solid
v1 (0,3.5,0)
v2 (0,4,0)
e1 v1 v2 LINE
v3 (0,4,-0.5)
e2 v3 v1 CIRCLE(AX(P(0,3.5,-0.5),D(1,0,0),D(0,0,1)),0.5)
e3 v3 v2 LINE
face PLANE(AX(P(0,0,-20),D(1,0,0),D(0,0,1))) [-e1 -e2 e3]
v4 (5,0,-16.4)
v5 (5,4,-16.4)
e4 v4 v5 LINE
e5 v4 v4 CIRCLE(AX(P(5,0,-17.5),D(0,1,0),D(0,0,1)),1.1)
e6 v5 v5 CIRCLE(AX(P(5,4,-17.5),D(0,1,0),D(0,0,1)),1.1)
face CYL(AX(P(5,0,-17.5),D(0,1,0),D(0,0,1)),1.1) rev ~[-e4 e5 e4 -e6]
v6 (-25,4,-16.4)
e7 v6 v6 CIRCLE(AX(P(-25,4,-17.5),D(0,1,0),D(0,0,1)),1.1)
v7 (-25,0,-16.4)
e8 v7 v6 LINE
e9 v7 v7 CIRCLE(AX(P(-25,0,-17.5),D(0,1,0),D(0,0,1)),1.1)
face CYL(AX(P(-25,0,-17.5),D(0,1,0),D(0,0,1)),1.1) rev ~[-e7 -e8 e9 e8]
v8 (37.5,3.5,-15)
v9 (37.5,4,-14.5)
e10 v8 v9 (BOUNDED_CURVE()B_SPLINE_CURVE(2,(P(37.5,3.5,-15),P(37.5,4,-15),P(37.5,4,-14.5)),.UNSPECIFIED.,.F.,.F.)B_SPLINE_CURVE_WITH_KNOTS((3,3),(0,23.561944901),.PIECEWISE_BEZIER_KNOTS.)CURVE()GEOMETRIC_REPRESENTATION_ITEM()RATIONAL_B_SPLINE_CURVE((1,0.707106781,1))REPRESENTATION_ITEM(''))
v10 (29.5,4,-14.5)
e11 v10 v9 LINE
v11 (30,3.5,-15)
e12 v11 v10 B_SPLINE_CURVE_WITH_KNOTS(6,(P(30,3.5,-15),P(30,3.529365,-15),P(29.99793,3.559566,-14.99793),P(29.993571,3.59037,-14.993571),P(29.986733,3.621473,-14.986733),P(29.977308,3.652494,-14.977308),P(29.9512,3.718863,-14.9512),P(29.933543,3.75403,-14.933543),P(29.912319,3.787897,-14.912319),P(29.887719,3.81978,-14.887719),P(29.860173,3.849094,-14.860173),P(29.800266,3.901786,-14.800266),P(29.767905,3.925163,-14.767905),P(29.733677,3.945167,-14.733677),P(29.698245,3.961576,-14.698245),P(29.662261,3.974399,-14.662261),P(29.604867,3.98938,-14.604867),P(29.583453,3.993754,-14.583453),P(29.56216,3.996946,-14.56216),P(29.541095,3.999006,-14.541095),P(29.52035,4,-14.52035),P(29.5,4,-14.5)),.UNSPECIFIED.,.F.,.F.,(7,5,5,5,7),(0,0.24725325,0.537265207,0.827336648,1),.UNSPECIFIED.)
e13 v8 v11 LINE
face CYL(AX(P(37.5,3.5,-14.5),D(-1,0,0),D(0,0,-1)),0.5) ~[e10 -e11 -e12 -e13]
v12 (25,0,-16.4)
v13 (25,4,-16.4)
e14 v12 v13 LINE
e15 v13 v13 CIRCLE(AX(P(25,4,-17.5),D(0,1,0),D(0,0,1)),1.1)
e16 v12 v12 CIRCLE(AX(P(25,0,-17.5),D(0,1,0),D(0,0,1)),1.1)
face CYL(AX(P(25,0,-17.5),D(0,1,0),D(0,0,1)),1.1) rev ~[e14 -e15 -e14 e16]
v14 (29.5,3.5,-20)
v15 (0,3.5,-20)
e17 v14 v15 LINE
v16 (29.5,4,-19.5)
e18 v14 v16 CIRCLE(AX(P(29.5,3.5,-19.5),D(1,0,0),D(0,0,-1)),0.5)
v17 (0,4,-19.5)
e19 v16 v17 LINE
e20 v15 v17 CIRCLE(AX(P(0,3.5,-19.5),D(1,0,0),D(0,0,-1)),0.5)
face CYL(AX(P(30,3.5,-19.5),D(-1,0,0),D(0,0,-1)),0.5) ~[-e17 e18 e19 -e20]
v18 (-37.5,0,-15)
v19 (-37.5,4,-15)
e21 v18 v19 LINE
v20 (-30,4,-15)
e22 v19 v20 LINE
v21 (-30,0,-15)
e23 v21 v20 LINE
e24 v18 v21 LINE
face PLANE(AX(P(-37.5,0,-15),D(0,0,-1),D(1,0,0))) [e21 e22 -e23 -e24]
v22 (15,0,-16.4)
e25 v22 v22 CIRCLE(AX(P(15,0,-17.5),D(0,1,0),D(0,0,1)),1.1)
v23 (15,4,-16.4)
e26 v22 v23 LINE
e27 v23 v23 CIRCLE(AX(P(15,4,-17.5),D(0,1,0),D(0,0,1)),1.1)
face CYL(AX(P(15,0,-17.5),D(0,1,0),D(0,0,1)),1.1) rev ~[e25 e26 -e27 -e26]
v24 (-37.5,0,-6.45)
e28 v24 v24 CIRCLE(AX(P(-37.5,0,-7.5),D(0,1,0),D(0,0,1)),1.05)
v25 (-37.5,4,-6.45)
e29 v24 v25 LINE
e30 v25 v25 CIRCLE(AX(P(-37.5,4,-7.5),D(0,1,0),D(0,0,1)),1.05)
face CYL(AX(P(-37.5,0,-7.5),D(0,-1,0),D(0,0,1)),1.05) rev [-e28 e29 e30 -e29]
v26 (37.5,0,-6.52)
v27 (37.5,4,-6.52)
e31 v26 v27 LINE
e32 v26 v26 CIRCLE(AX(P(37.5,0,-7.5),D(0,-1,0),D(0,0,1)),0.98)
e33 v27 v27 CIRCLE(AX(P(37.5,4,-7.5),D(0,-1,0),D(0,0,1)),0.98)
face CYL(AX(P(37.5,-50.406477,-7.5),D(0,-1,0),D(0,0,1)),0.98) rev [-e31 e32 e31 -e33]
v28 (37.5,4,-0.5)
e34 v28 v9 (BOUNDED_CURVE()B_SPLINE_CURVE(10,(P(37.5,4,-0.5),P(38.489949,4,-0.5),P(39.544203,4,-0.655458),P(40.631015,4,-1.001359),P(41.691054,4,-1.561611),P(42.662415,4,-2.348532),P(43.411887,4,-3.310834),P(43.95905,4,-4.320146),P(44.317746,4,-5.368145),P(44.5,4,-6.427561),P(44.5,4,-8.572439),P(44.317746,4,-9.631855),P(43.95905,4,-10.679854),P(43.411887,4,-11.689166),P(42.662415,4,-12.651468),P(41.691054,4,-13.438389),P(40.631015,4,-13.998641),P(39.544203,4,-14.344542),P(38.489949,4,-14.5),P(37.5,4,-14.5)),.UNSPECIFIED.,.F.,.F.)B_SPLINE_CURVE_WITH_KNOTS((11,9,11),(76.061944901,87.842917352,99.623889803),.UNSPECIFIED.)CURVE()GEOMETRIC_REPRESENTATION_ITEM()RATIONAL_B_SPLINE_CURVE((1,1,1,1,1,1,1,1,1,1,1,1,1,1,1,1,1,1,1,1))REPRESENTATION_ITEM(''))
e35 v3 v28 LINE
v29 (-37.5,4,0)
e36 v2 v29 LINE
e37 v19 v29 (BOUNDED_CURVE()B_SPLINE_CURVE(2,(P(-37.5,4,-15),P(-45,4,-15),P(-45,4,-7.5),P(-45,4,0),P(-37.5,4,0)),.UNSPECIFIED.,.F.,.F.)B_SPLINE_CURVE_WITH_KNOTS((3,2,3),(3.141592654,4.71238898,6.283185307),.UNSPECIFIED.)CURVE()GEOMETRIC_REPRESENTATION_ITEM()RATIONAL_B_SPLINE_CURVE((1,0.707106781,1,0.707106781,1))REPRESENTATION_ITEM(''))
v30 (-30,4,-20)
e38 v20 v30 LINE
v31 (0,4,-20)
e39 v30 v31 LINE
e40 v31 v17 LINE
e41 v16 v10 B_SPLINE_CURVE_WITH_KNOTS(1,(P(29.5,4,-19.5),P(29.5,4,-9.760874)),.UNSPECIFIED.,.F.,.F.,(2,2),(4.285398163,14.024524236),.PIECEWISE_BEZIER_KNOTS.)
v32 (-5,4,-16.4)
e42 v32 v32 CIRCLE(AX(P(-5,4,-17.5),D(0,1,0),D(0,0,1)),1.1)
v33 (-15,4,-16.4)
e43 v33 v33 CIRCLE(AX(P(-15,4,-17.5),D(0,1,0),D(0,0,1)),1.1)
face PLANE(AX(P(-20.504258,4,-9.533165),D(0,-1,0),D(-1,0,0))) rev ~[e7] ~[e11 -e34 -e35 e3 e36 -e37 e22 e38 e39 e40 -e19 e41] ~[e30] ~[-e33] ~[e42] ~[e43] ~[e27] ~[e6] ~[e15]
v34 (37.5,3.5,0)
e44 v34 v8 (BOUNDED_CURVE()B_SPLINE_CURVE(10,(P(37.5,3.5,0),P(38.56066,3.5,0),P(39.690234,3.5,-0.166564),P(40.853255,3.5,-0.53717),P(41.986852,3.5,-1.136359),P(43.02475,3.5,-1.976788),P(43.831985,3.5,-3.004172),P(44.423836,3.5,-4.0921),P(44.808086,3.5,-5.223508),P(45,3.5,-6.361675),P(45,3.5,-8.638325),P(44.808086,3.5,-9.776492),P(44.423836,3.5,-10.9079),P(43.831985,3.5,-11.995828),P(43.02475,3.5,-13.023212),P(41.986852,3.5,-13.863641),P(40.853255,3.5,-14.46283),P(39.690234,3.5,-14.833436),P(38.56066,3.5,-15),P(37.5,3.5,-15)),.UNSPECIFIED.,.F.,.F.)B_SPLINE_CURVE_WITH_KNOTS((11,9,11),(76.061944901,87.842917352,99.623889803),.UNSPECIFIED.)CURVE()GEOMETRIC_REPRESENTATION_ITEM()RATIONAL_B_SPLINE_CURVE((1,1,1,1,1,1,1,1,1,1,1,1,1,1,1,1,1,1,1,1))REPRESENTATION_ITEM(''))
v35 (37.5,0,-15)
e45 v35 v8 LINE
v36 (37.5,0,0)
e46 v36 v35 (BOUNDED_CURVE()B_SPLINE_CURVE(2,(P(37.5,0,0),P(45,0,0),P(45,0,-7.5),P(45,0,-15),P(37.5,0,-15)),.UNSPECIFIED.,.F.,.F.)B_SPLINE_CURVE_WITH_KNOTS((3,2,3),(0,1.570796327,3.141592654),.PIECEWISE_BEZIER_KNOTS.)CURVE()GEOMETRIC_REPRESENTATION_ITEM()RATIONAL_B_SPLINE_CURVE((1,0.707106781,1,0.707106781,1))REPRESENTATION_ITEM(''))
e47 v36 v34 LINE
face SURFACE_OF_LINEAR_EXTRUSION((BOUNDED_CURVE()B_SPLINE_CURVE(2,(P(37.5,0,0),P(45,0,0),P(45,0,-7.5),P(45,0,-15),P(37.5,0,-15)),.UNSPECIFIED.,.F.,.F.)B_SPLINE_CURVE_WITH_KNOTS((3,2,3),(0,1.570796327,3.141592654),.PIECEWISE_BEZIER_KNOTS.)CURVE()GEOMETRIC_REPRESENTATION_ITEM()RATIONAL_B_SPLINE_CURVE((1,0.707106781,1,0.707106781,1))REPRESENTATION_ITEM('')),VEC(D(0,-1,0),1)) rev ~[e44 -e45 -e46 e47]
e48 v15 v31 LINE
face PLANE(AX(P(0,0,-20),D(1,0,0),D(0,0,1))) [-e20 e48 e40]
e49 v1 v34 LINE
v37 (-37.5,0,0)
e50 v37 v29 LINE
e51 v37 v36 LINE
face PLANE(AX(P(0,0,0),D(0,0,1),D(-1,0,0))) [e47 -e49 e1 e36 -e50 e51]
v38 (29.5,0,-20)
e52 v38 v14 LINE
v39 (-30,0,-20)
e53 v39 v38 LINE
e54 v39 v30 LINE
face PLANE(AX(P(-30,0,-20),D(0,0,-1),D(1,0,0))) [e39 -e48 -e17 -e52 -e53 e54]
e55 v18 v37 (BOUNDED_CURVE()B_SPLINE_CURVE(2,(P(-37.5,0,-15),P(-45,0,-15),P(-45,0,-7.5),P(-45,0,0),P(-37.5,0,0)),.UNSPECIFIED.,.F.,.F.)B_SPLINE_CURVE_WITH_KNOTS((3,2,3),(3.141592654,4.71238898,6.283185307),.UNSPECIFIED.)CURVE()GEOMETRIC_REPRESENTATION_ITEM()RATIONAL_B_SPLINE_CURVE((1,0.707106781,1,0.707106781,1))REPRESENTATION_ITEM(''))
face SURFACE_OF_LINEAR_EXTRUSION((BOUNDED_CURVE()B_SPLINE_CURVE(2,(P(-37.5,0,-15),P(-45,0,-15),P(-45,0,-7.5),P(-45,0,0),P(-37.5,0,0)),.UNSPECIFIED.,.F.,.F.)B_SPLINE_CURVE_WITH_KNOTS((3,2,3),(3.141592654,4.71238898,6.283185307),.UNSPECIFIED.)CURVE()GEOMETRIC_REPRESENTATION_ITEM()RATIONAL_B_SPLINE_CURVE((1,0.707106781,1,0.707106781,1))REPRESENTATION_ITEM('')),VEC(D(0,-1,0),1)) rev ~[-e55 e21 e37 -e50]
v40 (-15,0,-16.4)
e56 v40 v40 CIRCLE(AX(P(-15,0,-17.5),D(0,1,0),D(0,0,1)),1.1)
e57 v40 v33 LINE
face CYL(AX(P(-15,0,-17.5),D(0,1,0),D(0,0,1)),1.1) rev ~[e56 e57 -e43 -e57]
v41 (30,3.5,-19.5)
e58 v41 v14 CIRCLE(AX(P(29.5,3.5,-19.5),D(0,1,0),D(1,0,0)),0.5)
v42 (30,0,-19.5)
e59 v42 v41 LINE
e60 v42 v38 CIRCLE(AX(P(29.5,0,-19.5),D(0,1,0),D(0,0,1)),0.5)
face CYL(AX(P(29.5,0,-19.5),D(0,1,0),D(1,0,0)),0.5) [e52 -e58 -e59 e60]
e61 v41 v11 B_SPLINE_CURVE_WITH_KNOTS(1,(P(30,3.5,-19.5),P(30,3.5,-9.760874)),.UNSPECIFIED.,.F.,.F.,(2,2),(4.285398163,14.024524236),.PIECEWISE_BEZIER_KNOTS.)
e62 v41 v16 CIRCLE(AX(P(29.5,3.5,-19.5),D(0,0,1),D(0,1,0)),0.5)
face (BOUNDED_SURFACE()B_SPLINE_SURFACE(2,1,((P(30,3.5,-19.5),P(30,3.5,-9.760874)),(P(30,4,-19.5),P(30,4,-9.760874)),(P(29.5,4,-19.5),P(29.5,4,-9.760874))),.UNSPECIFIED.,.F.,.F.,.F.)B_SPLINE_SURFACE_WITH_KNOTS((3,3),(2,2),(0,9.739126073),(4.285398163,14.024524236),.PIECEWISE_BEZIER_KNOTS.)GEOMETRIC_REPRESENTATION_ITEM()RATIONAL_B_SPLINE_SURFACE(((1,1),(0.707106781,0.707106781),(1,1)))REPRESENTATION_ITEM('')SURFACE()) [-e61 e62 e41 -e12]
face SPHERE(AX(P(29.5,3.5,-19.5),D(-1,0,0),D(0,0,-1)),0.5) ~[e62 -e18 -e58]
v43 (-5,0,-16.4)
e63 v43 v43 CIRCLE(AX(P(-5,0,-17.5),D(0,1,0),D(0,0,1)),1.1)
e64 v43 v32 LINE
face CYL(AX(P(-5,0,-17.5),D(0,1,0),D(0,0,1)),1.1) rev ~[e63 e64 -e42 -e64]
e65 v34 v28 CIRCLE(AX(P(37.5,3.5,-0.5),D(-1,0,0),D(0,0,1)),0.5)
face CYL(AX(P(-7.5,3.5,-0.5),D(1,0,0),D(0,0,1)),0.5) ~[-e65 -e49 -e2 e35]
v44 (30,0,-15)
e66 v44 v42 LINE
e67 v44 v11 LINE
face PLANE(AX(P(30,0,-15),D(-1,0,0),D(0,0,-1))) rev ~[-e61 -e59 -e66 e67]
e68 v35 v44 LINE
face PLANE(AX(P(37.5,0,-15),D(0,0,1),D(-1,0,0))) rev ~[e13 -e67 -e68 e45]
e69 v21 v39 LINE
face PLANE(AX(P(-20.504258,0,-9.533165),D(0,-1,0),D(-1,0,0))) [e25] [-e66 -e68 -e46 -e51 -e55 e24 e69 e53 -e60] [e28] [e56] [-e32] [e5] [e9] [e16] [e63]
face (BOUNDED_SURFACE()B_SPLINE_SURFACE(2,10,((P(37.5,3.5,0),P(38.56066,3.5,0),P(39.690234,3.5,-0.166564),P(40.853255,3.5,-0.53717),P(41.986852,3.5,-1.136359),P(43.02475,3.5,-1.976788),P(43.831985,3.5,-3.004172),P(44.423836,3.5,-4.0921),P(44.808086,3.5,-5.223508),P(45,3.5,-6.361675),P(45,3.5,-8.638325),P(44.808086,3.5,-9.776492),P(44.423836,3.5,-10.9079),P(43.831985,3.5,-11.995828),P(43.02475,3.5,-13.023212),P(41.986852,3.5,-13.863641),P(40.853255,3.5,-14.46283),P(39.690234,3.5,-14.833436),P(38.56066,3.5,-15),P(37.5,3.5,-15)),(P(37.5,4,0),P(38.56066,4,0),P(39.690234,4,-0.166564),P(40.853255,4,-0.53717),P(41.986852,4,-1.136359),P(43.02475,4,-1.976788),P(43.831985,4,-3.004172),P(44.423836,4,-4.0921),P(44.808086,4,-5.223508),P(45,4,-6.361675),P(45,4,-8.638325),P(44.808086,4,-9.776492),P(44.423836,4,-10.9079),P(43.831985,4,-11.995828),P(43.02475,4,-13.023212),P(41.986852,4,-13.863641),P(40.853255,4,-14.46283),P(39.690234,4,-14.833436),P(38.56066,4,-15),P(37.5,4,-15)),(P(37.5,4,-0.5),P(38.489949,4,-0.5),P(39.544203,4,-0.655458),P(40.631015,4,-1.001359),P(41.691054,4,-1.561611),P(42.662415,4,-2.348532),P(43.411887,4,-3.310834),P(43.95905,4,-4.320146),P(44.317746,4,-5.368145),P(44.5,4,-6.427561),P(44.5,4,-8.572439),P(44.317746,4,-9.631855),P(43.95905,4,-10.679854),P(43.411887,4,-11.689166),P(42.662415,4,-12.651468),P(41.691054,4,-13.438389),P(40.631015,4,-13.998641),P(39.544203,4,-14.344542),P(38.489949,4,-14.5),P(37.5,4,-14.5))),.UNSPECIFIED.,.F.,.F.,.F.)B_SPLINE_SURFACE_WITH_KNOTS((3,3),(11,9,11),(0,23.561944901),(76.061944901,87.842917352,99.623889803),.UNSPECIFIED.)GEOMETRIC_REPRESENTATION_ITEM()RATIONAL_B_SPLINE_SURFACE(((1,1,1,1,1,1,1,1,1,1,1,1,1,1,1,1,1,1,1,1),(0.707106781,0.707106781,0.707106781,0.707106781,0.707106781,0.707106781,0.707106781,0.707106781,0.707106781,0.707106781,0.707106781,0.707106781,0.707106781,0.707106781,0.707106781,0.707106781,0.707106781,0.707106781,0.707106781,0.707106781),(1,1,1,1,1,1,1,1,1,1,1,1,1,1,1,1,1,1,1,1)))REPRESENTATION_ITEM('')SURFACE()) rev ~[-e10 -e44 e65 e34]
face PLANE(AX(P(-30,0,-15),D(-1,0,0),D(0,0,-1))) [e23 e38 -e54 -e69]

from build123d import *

# Parameters (mm, degrees)
BOSS_EXTRUDE1_DEPTH     = 4
SKETCH3_R               = 1.1
CUT_EXTRUDE2_DEPTH      = 50.406477448
CUT_EXTRUDE3_DEPTH      = 50.406477448
CUT_EXTRUDE3_DEPTH_BACK = 50.406477448
SKETCH4_R               = 0.99
SKETCH4_R_2             = 0.98
FILLET1_R               = 0.5
FILLET2_R               = 0.5
FILLET4_R               = 0.5
SKETCH5_W               = 16.044990583
SKETCH5_H               = 15
CUT_EXTRUDE4_DEPTH      = 10
SKETCH6_R               = 1.05
BOSS_EXTRUDE2_DEPTH     = 4
LPATTERN3_COUNT         = 5
LPATTERN3_PITCH         = 10
LPATTERN3_COUNT_DIR2    = 5
LPATTERN3_PITCH_DIR2    = 10


with BuildPart() as part:
    # Sketch2 → Boss-Extrude1 (new body)
    with BuildSketch(Plane(origin=(0, 0, 0), x_dir=(1, 0, 0), z_dir=(0, 1, 0))):
        with BuildLine():
            Line((-7.5, 0), (0, 0))
            Line((0, 0), (30, 0))
            Line((30, 0), (37.5, 0))
            add(Edge.make_bspline(
                [(37.5, 0), (45, 0), (45, 7.5), (45, 15), (37.5, 15)],
                knots=[0, 0, 0, 1.570796327, 1.570796327, 3.141592654, 3.141592654, 3.141592654], degree=2, weights=[1, 0.707106781, 1, 0.707106781, 1]))
            Line((37.5, 15), (30, 15))
            Line((30, 15), (30, 20))
            Line((30, 20), (0, 20))
            Line((0, 20), (0, 15))
            Line((0, 15), (-7.5, 15))
            add(Edge.make_bspline(
                [(-7.5, 15), (-15, 15), (-15, 7.5), (-15, 0), (-7.5, 0)],
                knots=[1.570796327, 1.570796327, 1.570796327, 3.141592654, 3.141592654, 4.71238898, 4.71238898, 4.71238898], degree=2, weights=[1, 0.707106781, 1, 0.707106781, 1]))
        make_face()
    extrude(amount=BOSS_EXTRUDE1_DEPTH)

    # Sketch3 → Cut-Extrude2 (cut, symmetric)
    with BuildSketch(Plane(origin=(0, 0, 0), x_dir=(1, 0, 0), z_dir=(0, 1, 0))):
        with Locations(Location((15, 17.5, 0), (0, 0, 270))):
            Circle(SKETCH3_R)
    cut_extrude2 = extrude(amount=CUT_EXTRUDE2_DEPTH, both=True, mode=Mode.SUBTRACT)

    # Sketch4 → Cut-Extrude3 (cut, two sides: drawn at the far end of the back side and taken through both)
    with BuildSketch(Plane(origin=(0, 0, 0), x_dir=(1, 0, 0), z_dir=(0, 1, 0)).offset(-CUT_EXTRUDE3_DEPTH_BACK)):
        with Locations(Location((-7.5, 7.5, 0), (0, 0, 270))):
            Circle(SKETCH4_R)
        with Locations(Location((37.5, 7.5, 0), (0, 0, 270))):
            Circle(SKETCH4_R_2)
    extrude(amount=CUT_EXTRUDE3_DEPTH + CUT_EXTRUDE3_DEPTH_BACK, mode=Mode.SUBTRACT)

    # Fillet1
    fillet1_edges = [part.edges().sort_by_distance(p)[0] for p in [
        (45, 4, -7.5),
        (33.75, 4, -15),
        (-3.75, 4, -15),
        (-15, 4, -7.5),
        (15, 4, 0),
    ]]
    fillet(fillet1_edges, radius=FILLET1_R)

    # Fillet2
    fillet2_edges = [part.edges().sort_by_distance(p)[0] for p in [
        (15, 4, -20),
    ]]
    fillet(fillet2_edges, radius=FILLET2_R)

    # Fillet4
    fillet4_edges = [part.edges().sort_by_distance(p)[0] for p in [
        (30, 1.75, -20),
        (30, 3.853553391, -19.853553391),
        (30, 4, -17),
    ]]
    fillet(fillet4_edges, radius=FILLET4_R)

    # Sketch5 → Cut-Extrude4 (cut)
    with BuildSketch(Plane(origin=(0, 0, 0), x_dir=(1, 0, 0), z_dir=(0, 1, 0))):
        with Locations((-8.022495292, 7.5)):
            Rectangle(SKETCH5_W, SKETCH5_H)
    extrude(amount=CUT_EXTRUDE4_DEPTH, mode=Mode.SUBTRACT)

    # Sketch6 → Boss-Extrude2 (add)
    with BuildSketch(Plane(origin=(0, 0, 0), x_dir=(1, 0, 0), z_dir=(0, 1, 0))):
        with BuildLine():
            Line((0, 0), (-37.5, 0))
            add(Edge.make_bspline(
                [(-37.5, 15), (-45, 15), (-45, 7.5), (-45, 0), (-37.5, 0)],
                knots=[3.141592654, 3.141592654, 3.141592654, 4.71238898, 4.71238898, 6.283185307, 6.283185307, 6.283185307], degree=2, weights=[1, 0.707106781, 1, 0.707106781, 1]))
            Line((-37.5, 15), (-30, 15))
            Line((-30, 15), (-30, 20))
            Line((-30, 20), (0, 20))
            Line((0, 20), (0, 0))
        make_face()
        with Locations(Location((-37.5, 7.5, 0), (0, 0, 270))):
            Circle(SKETCH6_R, mode=Mode.SUBTRACT)
    extrude(amount=BOSS_EXTRUDE2_DEPTH)

    # LPattern3: Cut-Extrude2 5 × 5
    with Locations(*[Vector(-1, 0, 0) * (i * LPATTERN3_PITCH) + Vector(1, 0, 0) * (j * LPATTERN3_PITCH_DIR2) for i in range(LPATTERN3_COUNT) for j in range(LPATTERN3_COUNT_DIR2) if (i, j) != (0, 0)]):
        add(cut_extrude2, mode=Mode.SUBTRACT)


solid = part.part
